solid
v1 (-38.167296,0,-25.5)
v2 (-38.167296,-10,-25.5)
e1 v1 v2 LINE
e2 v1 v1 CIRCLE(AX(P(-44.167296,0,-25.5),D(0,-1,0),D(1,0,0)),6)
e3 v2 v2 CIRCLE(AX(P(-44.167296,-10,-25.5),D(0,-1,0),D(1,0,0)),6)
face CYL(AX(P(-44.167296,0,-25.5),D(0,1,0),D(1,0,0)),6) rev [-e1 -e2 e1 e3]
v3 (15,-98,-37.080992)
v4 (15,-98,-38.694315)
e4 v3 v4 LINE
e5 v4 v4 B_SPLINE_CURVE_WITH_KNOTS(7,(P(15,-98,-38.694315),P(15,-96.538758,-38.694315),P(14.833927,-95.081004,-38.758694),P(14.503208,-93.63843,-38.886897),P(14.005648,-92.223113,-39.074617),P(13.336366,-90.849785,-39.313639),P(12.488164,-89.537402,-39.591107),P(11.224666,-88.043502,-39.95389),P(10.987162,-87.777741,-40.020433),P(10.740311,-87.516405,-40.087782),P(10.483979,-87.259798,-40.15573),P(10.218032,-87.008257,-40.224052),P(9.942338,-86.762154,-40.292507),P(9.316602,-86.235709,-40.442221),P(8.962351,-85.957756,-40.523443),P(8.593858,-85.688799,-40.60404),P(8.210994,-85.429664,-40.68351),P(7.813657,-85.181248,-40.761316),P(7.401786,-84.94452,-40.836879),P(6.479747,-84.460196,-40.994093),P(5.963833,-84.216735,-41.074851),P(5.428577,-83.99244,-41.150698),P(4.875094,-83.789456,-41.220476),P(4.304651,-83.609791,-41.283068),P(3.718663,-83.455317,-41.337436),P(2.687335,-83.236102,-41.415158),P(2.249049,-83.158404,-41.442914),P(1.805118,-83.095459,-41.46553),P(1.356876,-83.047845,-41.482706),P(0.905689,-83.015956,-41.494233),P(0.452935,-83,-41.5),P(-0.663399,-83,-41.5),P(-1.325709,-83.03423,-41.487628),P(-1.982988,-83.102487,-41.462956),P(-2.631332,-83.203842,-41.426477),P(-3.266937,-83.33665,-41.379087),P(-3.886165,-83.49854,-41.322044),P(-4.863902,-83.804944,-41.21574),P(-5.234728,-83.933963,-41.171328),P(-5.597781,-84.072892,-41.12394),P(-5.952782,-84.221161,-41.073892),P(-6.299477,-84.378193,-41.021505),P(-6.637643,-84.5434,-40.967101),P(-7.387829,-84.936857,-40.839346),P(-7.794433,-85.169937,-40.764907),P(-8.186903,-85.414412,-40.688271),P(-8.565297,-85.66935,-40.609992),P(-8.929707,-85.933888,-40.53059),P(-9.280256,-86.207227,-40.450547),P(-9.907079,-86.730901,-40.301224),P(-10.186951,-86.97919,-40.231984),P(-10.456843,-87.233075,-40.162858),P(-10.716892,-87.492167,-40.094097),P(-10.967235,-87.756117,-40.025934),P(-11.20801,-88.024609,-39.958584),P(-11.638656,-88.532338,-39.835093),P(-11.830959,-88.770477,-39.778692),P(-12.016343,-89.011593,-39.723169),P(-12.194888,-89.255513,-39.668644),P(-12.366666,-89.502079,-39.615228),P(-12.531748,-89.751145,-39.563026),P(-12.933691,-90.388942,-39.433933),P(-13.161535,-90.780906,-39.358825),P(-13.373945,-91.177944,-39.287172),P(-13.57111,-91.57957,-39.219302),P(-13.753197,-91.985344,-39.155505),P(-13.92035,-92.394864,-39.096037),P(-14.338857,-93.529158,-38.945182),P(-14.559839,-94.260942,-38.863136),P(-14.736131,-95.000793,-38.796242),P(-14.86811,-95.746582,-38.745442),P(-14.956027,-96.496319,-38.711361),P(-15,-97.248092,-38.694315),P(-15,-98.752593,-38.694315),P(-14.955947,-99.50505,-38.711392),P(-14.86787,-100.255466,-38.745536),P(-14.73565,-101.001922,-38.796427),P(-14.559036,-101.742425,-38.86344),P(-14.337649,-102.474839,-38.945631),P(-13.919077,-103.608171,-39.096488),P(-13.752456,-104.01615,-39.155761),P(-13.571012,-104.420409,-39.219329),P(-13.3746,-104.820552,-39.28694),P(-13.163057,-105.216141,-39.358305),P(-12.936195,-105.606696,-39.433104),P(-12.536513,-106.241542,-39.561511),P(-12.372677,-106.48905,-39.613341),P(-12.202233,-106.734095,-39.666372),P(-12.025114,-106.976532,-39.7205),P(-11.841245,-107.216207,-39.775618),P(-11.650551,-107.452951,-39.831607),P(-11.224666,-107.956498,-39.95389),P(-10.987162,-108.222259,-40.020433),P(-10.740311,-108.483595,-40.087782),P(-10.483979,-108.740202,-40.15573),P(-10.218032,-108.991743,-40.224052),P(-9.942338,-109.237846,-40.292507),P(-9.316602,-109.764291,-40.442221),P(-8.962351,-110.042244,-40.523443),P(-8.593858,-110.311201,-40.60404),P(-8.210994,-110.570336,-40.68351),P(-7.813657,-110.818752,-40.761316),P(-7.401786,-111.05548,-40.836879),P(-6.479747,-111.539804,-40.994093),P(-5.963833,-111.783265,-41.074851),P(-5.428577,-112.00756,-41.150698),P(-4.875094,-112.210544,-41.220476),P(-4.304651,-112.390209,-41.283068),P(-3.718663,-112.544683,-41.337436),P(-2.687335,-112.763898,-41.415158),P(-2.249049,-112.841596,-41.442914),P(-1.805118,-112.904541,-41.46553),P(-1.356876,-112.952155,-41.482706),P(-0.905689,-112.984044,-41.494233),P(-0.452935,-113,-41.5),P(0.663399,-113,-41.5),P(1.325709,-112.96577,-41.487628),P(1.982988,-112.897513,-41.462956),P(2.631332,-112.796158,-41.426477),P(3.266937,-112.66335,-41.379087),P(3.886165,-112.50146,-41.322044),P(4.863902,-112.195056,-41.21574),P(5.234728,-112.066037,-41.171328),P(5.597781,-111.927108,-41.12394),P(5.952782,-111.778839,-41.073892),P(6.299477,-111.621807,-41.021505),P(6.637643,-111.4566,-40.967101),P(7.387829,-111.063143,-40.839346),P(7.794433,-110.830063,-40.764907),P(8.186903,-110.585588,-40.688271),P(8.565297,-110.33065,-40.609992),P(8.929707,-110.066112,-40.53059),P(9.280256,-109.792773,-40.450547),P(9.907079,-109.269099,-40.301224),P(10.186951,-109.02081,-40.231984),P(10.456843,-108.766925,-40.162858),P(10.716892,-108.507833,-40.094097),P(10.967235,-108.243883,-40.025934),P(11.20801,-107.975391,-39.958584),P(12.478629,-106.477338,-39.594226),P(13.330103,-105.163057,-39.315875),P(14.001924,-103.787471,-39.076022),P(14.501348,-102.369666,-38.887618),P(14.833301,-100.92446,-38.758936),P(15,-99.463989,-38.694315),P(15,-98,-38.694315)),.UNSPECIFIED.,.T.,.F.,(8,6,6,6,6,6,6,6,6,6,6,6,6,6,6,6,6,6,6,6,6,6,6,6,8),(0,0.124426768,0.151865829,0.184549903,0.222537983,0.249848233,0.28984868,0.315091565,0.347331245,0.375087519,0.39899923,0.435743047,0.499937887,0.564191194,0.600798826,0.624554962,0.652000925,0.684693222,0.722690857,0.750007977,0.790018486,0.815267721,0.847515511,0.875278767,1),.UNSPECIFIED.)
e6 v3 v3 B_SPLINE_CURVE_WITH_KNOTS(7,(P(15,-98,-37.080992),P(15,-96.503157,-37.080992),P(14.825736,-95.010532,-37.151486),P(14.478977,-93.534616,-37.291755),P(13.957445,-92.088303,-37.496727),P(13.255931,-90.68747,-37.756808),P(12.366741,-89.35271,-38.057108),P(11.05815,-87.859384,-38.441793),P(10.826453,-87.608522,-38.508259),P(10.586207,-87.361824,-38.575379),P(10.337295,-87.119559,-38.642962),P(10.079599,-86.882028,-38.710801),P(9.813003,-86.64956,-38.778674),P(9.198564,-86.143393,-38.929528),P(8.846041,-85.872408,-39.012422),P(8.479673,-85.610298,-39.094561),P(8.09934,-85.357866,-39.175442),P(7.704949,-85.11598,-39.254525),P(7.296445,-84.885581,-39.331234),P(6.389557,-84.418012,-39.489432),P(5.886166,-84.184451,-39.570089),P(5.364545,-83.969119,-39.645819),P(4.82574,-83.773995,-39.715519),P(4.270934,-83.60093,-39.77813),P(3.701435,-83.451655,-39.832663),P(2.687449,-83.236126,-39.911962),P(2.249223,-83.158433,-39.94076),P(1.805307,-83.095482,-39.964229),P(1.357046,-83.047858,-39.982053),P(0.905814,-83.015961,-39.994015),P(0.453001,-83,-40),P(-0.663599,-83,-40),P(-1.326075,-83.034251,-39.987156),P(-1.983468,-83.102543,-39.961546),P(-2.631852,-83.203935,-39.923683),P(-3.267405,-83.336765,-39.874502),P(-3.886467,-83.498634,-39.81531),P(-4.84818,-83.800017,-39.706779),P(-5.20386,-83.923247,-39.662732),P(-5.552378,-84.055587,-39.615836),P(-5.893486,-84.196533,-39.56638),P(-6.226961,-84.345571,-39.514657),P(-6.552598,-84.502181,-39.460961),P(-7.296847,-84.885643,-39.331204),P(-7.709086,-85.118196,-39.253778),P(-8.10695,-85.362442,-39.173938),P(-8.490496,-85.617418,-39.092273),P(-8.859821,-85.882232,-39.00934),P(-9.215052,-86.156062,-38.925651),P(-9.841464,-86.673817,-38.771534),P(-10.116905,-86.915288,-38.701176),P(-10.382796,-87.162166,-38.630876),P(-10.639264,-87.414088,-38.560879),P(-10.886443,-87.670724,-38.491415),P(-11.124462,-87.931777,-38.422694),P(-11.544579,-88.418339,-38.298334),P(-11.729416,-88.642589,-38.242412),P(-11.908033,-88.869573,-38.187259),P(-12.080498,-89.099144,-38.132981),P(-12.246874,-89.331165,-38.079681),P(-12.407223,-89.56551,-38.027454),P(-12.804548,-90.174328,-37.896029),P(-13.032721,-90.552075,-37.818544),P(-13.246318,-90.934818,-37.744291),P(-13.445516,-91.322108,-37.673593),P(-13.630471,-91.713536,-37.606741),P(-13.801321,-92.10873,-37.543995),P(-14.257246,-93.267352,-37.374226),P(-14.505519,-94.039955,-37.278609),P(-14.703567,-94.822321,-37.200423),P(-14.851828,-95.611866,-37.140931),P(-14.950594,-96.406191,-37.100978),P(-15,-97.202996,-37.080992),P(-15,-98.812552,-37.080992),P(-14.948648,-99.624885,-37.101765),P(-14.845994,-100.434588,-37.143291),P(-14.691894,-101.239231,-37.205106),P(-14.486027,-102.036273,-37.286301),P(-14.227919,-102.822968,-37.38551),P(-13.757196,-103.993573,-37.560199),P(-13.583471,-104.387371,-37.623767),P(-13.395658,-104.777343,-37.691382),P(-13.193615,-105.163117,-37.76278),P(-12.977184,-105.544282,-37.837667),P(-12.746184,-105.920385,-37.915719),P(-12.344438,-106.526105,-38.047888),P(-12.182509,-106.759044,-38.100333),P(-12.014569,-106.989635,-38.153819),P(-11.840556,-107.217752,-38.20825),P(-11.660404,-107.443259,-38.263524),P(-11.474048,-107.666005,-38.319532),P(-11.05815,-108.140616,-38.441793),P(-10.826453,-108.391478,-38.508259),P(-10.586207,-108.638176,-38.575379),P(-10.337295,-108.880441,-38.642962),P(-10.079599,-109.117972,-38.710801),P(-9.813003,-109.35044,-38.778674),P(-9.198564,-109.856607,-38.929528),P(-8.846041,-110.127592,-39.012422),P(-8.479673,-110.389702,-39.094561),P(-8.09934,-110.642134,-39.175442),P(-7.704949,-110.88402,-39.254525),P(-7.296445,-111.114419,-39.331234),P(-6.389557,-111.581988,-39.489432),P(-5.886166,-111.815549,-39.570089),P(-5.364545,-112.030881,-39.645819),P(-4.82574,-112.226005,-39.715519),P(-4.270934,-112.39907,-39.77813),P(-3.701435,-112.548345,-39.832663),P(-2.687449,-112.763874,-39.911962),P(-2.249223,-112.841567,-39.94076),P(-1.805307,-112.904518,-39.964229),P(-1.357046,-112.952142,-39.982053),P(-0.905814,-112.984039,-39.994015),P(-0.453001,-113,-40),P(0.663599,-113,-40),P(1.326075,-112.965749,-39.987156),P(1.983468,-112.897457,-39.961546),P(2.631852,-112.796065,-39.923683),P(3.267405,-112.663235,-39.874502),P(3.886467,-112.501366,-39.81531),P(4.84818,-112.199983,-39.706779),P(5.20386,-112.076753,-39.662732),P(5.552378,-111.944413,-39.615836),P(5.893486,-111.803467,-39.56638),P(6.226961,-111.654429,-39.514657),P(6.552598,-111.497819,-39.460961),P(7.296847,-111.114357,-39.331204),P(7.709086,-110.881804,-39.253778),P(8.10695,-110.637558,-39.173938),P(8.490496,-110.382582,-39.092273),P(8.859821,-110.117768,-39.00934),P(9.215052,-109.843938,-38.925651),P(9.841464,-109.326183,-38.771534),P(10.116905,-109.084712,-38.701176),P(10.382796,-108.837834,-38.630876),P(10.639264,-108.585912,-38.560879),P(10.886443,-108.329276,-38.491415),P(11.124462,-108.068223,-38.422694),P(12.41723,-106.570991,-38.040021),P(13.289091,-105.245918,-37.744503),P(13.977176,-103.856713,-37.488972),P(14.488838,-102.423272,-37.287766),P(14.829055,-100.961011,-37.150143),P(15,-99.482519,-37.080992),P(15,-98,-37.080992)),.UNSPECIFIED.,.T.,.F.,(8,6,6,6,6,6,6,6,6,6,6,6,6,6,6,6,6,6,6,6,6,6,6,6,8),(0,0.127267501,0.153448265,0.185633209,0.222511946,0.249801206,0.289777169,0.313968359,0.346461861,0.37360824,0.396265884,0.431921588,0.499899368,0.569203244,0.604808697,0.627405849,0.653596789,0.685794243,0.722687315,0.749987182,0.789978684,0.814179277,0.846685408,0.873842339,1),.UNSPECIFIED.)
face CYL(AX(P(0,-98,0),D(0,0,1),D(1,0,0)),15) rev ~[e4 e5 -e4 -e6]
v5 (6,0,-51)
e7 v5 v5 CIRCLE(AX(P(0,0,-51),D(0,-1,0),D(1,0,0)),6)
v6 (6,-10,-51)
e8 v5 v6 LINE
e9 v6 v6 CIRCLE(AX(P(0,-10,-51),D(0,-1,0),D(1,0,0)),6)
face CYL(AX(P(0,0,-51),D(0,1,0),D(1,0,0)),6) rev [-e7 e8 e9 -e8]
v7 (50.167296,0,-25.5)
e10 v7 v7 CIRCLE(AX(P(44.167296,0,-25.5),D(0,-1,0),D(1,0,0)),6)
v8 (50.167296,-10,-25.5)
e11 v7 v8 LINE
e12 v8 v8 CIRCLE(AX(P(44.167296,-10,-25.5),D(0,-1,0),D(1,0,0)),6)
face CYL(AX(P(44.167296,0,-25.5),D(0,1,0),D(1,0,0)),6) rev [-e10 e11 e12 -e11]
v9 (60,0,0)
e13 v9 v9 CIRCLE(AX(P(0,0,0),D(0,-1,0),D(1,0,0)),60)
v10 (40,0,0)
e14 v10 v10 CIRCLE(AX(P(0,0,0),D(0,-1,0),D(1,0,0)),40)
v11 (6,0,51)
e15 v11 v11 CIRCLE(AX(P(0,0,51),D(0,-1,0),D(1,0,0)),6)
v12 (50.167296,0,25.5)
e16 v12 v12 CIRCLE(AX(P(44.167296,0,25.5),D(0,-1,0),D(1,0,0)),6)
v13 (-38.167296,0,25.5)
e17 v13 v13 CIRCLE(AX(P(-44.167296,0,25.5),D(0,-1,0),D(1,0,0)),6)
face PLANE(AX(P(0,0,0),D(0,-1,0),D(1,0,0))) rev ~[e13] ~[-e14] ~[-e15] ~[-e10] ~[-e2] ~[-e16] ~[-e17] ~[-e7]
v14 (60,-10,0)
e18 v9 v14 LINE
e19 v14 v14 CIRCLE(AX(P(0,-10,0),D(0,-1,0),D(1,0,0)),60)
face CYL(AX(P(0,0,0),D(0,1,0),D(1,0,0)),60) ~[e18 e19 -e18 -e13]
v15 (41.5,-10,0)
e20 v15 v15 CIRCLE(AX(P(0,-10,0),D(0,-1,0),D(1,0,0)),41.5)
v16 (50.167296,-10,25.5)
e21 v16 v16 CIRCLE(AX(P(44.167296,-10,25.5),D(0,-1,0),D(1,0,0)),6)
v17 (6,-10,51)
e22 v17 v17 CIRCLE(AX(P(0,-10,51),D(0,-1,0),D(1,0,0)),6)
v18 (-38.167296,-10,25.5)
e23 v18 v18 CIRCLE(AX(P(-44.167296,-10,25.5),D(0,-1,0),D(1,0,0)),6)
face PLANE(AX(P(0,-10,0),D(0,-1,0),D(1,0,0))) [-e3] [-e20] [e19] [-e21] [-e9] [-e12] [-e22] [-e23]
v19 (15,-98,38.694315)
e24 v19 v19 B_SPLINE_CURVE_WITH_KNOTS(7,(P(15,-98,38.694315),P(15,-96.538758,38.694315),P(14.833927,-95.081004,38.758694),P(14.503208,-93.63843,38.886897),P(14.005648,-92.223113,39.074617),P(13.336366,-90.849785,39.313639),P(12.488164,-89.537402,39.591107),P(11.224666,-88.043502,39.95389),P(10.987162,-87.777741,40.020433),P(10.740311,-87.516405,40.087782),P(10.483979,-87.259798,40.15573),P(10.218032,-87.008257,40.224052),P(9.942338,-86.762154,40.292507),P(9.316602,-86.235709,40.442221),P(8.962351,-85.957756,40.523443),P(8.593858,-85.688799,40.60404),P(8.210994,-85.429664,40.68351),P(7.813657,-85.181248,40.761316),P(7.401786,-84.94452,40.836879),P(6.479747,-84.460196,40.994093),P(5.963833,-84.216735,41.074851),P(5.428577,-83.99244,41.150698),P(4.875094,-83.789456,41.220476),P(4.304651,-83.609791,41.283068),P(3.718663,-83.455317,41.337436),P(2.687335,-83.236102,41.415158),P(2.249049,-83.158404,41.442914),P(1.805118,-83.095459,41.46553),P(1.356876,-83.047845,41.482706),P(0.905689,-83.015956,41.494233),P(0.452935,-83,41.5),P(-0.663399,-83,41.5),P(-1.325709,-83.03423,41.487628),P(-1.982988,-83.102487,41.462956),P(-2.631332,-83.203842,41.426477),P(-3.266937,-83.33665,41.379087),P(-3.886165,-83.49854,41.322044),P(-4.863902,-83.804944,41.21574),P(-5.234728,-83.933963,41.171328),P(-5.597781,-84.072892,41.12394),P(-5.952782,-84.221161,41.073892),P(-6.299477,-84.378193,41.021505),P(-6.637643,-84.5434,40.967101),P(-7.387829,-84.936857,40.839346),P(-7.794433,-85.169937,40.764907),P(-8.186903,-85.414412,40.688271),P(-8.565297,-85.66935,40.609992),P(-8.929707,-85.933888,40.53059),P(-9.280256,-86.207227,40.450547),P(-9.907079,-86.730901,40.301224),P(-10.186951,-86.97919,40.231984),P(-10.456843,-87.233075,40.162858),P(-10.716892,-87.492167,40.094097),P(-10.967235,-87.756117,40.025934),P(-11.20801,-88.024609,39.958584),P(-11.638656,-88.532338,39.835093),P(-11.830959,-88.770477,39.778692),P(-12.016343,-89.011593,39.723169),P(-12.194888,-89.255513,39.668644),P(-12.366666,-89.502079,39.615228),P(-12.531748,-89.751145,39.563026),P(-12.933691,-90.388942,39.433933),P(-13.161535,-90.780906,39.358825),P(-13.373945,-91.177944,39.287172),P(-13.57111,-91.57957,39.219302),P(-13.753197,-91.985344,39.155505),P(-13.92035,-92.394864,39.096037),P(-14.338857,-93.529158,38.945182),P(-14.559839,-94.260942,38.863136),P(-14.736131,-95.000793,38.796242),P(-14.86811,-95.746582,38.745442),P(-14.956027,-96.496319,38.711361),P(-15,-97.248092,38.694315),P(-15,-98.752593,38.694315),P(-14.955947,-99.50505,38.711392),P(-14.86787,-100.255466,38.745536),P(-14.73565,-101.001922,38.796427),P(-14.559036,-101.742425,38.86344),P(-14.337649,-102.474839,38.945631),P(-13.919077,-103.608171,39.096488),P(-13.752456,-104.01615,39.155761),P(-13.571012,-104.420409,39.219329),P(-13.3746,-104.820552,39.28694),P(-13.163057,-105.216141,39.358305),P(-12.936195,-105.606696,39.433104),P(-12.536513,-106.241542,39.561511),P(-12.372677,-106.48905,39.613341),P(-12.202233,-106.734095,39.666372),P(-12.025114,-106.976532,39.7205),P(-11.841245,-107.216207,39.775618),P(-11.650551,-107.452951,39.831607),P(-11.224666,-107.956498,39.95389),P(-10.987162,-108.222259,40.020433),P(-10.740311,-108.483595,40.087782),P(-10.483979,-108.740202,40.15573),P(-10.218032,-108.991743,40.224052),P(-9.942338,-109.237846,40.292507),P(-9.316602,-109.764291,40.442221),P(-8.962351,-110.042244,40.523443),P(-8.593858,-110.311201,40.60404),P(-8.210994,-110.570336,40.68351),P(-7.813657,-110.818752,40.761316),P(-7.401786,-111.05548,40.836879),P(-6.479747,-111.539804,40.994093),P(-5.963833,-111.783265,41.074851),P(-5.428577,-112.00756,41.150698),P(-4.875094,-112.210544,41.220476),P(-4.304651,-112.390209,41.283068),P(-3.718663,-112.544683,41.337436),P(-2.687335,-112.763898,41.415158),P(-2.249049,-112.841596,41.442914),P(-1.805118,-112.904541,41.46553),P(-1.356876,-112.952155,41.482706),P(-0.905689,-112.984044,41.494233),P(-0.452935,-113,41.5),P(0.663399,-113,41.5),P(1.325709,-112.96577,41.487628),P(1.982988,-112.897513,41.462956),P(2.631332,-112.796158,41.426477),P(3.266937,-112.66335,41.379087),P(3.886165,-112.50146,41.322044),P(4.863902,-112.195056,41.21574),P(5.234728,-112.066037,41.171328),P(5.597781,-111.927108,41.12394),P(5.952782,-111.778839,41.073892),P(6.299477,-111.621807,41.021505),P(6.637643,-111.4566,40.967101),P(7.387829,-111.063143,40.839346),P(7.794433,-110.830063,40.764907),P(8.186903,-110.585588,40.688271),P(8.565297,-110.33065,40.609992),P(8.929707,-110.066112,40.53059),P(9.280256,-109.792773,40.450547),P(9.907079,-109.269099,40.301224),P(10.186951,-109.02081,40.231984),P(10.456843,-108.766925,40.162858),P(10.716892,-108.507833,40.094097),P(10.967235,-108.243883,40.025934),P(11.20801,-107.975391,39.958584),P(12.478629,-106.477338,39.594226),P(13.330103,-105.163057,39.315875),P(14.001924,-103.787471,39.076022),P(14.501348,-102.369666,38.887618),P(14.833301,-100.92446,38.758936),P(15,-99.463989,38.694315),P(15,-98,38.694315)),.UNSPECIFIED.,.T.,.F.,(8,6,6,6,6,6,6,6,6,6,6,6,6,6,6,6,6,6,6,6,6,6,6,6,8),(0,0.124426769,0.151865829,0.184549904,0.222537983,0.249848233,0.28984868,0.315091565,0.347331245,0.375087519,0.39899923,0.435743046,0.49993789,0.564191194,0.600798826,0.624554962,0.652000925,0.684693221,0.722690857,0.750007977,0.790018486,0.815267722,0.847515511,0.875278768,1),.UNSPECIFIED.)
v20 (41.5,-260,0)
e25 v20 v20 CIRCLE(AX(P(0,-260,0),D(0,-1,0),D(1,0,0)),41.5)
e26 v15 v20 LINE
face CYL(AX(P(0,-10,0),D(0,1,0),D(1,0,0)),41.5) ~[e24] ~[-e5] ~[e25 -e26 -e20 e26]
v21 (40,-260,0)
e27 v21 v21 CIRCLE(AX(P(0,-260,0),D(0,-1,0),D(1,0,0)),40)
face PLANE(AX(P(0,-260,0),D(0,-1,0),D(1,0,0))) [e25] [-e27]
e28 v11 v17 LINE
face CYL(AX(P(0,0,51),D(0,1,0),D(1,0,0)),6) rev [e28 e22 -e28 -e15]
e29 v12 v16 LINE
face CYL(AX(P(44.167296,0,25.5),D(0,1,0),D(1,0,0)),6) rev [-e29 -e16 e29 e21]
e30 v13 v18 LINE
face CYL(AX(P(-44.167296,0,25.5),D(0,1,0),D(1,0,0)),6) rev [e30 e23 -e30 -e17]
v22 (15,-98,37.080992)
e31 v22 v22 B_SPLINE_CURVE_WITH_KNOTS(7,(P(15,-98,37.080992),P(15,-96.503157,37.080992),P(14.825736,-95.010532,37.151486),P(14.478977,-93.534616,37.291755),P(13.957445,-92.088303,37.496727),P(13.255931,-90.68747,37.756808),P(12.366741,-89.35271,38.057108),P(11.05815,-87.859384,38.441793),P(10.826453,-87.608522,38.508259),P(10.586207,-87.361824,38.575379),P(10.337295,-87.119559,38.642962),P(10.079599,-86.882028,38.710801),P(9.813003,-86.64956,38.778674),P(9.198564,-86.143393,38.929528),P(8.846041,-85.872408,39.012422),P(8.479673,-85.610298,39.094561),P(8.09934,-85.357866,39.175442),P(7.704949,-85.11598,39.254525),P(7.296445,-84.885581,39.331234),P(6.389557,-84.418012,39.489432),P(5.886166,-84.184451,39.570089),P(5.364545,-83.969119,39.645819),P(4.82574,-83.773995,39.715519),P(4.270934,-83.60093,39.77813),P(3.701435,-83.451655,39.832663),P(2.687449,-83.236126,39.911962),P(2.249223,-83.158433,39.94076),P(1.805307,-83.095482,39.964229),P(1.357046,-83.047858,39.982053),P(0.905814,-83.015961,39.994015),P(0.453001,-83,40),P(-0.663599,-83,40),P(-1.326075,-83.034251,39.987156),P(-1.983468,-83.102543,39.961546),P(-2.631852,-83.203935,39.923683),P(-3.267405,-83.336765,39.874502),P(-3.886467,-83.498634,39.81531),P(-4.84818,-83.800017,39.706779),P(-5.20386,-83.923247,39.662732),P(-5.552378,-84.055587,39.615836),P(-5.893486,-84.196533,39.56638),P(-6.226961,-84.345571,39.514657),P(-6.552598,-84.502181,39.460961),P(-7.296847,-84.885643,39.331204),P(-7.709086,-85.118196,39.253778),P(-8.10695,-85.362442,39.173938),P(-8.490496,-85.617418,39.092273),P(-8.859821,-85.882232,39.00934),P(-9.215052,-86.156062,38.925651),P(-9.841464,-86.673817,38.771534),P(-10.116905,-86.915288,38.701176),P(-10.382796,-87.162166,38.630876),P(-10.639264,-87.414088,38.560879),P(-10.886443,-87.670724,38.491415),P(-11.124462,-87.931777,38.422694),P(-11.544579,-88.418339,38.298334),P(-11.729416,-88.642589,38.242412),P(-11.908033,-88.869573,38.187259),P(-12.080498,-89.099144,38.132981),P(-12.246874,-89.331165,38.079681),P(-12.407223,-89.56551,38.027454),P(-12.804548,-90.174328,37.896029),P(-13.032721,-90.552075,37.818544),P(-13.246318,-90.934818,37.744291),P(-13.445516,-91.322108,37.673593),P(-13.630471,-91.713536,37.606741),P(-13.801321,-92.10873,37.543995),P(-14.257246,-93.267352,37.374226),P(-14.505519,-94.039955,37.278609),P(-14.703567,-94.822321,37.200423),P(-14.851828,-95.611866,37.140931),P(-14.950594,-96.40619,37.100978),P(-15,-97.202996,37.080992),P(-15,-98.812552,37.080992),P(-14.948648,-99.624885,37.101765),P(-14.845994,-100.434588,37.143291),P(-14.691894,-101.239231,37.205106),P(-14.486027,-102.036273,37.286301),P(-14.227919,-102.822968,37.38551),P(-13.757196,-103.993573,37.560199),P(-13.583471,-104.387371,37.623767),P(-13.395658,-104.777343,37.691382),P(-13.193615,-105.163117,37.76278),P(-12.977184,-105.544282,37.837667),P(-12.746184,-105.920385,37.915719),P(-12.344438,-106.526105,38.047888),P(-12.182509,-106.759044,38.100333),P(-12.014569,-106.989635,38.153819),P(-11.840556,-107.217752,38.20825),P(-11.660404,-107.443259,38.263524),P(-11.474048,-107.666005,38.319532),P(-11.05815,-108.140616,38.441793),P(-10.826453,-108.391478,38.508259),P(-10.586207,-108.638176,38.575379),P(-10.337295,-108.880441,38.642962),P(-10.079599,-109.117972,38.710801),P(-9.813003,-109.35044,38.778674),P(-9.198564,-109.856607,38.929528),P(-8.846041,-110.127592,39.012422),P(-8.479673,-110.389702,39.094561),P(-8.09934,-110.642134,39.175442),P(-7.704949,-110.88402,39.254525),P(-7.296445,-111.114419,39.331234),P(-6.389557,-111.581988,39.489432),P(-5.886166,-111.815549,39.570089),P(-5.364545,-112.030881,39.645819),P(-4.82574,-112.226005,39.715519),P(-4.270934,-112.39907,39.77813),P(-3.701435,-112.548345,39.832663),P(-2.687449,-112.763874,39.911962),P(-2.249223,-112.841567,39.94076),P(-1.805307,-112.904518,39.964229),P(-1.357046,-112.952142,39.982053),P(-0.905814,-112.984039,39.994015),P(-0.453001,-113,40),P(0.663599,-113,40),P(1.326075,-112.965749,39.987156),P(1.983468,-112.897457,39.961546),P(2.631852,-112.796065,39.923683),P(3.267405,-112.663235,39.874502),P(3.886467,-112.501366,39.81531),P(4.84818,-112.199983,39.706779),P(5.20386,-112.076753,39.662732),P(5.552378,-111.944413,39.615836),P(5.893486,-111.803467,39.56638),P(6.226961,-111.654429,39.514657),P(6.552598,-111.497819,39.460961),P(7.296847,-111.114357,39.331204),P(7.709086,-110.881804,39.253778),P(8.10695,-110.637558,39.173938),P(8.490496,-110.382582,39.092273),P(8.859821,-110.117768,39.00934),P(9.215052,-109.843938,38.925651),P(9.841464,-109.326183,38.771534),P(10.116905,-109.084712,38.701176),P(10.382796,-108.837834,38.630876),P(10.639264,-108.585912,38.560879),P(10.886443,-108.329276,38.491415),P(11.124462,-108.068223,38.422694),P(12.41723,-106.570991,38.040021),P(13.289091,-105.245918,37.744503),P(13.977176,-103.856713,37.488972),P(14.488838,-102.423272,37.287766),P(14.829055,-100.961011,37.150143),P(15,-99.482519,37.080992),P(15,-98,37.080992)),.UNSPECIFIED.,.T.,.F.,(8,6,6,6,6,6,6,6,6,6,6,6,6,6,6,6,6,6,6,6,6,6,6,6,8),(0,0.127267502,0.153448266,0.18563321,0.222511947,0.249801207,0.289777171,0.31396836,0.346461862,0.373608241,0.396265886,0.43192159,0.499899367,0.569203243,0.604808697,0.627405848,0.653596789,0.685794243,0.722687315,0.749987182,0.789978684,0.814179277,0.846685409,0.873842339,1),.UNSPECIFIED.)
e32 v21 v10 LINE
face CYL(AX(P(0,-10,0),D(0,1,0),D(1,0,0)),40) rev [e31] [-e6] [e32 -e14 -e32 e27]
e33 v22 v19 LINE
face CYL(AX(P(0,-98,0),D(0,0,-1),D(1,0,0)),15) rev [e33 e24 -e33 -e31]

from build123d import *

# Parameters (mm, degrees)
F0_R          = 60
F0_R_2        = 6
F0_R_3        = 40
F1_DEPTH      = 10
F2_R          = 41.5
F2_R_2        = 40
F3_DEPTH      = 250
F4_R          = 15
F5_DEPTH      = 70.8
F5_DEPTH_BACK = 74.6


with BuildPart() as f1:
    # F0 (on Front) → F1 (new body)
    with BuildSketch(Plane.XZ):
        Circle(F0_R)
        with Locations((-44.167295593, -25.5)):
            Circle(F0_R_2, mode=Mode.SUBTRACT)
        with Locations((0, -51)):
            Circle(F0_R_2, mode=Mode.SUBTRACT)
        with Locations((44.167295593, -25.5)):
            Circle(F0_R_2, mode=Mode.SUBTRACT)
        with Locations((-44.167295593, 25.5)):
            Circle(F0_R_2, mode=Mode.SUBTRACT)
        Circle(F0_R_3, mode=Mode.SUBTRACT)
        with Locations((44.167295593, 25.5)):
            Circle(F0_R_2, mode=Mode.SUBTRACT)
        with Locations((0, 51)):
            Circle(F0_R_2, mode=Mode.SUBTRACT)
    extrude(amount=F1_DEPTH)

    # F2 (on face) → F3 (join)
    with BuildSketch(Plane.XZ.offset(10)):
        Circle(F2_R)
        Circle(F2_R_2, mode=Mode.SUBTRACT)
    extrude(amount=F3_DEPTH)

    # F4 (on Top) → F5 (cut, two sides)
    with BuildSketch(Plane.XY) as f5_sk:
        with Locations((0, -98)):
            Circle(F4_R)
    extrude(amount=-F5_DEPTH, mode=Mode.SUBTRACT)
    extrude(f5_sk.sketch, amount=F5_DEPTH_BACK, mode=Mode.SUBTRACT)


solid = f1.part
